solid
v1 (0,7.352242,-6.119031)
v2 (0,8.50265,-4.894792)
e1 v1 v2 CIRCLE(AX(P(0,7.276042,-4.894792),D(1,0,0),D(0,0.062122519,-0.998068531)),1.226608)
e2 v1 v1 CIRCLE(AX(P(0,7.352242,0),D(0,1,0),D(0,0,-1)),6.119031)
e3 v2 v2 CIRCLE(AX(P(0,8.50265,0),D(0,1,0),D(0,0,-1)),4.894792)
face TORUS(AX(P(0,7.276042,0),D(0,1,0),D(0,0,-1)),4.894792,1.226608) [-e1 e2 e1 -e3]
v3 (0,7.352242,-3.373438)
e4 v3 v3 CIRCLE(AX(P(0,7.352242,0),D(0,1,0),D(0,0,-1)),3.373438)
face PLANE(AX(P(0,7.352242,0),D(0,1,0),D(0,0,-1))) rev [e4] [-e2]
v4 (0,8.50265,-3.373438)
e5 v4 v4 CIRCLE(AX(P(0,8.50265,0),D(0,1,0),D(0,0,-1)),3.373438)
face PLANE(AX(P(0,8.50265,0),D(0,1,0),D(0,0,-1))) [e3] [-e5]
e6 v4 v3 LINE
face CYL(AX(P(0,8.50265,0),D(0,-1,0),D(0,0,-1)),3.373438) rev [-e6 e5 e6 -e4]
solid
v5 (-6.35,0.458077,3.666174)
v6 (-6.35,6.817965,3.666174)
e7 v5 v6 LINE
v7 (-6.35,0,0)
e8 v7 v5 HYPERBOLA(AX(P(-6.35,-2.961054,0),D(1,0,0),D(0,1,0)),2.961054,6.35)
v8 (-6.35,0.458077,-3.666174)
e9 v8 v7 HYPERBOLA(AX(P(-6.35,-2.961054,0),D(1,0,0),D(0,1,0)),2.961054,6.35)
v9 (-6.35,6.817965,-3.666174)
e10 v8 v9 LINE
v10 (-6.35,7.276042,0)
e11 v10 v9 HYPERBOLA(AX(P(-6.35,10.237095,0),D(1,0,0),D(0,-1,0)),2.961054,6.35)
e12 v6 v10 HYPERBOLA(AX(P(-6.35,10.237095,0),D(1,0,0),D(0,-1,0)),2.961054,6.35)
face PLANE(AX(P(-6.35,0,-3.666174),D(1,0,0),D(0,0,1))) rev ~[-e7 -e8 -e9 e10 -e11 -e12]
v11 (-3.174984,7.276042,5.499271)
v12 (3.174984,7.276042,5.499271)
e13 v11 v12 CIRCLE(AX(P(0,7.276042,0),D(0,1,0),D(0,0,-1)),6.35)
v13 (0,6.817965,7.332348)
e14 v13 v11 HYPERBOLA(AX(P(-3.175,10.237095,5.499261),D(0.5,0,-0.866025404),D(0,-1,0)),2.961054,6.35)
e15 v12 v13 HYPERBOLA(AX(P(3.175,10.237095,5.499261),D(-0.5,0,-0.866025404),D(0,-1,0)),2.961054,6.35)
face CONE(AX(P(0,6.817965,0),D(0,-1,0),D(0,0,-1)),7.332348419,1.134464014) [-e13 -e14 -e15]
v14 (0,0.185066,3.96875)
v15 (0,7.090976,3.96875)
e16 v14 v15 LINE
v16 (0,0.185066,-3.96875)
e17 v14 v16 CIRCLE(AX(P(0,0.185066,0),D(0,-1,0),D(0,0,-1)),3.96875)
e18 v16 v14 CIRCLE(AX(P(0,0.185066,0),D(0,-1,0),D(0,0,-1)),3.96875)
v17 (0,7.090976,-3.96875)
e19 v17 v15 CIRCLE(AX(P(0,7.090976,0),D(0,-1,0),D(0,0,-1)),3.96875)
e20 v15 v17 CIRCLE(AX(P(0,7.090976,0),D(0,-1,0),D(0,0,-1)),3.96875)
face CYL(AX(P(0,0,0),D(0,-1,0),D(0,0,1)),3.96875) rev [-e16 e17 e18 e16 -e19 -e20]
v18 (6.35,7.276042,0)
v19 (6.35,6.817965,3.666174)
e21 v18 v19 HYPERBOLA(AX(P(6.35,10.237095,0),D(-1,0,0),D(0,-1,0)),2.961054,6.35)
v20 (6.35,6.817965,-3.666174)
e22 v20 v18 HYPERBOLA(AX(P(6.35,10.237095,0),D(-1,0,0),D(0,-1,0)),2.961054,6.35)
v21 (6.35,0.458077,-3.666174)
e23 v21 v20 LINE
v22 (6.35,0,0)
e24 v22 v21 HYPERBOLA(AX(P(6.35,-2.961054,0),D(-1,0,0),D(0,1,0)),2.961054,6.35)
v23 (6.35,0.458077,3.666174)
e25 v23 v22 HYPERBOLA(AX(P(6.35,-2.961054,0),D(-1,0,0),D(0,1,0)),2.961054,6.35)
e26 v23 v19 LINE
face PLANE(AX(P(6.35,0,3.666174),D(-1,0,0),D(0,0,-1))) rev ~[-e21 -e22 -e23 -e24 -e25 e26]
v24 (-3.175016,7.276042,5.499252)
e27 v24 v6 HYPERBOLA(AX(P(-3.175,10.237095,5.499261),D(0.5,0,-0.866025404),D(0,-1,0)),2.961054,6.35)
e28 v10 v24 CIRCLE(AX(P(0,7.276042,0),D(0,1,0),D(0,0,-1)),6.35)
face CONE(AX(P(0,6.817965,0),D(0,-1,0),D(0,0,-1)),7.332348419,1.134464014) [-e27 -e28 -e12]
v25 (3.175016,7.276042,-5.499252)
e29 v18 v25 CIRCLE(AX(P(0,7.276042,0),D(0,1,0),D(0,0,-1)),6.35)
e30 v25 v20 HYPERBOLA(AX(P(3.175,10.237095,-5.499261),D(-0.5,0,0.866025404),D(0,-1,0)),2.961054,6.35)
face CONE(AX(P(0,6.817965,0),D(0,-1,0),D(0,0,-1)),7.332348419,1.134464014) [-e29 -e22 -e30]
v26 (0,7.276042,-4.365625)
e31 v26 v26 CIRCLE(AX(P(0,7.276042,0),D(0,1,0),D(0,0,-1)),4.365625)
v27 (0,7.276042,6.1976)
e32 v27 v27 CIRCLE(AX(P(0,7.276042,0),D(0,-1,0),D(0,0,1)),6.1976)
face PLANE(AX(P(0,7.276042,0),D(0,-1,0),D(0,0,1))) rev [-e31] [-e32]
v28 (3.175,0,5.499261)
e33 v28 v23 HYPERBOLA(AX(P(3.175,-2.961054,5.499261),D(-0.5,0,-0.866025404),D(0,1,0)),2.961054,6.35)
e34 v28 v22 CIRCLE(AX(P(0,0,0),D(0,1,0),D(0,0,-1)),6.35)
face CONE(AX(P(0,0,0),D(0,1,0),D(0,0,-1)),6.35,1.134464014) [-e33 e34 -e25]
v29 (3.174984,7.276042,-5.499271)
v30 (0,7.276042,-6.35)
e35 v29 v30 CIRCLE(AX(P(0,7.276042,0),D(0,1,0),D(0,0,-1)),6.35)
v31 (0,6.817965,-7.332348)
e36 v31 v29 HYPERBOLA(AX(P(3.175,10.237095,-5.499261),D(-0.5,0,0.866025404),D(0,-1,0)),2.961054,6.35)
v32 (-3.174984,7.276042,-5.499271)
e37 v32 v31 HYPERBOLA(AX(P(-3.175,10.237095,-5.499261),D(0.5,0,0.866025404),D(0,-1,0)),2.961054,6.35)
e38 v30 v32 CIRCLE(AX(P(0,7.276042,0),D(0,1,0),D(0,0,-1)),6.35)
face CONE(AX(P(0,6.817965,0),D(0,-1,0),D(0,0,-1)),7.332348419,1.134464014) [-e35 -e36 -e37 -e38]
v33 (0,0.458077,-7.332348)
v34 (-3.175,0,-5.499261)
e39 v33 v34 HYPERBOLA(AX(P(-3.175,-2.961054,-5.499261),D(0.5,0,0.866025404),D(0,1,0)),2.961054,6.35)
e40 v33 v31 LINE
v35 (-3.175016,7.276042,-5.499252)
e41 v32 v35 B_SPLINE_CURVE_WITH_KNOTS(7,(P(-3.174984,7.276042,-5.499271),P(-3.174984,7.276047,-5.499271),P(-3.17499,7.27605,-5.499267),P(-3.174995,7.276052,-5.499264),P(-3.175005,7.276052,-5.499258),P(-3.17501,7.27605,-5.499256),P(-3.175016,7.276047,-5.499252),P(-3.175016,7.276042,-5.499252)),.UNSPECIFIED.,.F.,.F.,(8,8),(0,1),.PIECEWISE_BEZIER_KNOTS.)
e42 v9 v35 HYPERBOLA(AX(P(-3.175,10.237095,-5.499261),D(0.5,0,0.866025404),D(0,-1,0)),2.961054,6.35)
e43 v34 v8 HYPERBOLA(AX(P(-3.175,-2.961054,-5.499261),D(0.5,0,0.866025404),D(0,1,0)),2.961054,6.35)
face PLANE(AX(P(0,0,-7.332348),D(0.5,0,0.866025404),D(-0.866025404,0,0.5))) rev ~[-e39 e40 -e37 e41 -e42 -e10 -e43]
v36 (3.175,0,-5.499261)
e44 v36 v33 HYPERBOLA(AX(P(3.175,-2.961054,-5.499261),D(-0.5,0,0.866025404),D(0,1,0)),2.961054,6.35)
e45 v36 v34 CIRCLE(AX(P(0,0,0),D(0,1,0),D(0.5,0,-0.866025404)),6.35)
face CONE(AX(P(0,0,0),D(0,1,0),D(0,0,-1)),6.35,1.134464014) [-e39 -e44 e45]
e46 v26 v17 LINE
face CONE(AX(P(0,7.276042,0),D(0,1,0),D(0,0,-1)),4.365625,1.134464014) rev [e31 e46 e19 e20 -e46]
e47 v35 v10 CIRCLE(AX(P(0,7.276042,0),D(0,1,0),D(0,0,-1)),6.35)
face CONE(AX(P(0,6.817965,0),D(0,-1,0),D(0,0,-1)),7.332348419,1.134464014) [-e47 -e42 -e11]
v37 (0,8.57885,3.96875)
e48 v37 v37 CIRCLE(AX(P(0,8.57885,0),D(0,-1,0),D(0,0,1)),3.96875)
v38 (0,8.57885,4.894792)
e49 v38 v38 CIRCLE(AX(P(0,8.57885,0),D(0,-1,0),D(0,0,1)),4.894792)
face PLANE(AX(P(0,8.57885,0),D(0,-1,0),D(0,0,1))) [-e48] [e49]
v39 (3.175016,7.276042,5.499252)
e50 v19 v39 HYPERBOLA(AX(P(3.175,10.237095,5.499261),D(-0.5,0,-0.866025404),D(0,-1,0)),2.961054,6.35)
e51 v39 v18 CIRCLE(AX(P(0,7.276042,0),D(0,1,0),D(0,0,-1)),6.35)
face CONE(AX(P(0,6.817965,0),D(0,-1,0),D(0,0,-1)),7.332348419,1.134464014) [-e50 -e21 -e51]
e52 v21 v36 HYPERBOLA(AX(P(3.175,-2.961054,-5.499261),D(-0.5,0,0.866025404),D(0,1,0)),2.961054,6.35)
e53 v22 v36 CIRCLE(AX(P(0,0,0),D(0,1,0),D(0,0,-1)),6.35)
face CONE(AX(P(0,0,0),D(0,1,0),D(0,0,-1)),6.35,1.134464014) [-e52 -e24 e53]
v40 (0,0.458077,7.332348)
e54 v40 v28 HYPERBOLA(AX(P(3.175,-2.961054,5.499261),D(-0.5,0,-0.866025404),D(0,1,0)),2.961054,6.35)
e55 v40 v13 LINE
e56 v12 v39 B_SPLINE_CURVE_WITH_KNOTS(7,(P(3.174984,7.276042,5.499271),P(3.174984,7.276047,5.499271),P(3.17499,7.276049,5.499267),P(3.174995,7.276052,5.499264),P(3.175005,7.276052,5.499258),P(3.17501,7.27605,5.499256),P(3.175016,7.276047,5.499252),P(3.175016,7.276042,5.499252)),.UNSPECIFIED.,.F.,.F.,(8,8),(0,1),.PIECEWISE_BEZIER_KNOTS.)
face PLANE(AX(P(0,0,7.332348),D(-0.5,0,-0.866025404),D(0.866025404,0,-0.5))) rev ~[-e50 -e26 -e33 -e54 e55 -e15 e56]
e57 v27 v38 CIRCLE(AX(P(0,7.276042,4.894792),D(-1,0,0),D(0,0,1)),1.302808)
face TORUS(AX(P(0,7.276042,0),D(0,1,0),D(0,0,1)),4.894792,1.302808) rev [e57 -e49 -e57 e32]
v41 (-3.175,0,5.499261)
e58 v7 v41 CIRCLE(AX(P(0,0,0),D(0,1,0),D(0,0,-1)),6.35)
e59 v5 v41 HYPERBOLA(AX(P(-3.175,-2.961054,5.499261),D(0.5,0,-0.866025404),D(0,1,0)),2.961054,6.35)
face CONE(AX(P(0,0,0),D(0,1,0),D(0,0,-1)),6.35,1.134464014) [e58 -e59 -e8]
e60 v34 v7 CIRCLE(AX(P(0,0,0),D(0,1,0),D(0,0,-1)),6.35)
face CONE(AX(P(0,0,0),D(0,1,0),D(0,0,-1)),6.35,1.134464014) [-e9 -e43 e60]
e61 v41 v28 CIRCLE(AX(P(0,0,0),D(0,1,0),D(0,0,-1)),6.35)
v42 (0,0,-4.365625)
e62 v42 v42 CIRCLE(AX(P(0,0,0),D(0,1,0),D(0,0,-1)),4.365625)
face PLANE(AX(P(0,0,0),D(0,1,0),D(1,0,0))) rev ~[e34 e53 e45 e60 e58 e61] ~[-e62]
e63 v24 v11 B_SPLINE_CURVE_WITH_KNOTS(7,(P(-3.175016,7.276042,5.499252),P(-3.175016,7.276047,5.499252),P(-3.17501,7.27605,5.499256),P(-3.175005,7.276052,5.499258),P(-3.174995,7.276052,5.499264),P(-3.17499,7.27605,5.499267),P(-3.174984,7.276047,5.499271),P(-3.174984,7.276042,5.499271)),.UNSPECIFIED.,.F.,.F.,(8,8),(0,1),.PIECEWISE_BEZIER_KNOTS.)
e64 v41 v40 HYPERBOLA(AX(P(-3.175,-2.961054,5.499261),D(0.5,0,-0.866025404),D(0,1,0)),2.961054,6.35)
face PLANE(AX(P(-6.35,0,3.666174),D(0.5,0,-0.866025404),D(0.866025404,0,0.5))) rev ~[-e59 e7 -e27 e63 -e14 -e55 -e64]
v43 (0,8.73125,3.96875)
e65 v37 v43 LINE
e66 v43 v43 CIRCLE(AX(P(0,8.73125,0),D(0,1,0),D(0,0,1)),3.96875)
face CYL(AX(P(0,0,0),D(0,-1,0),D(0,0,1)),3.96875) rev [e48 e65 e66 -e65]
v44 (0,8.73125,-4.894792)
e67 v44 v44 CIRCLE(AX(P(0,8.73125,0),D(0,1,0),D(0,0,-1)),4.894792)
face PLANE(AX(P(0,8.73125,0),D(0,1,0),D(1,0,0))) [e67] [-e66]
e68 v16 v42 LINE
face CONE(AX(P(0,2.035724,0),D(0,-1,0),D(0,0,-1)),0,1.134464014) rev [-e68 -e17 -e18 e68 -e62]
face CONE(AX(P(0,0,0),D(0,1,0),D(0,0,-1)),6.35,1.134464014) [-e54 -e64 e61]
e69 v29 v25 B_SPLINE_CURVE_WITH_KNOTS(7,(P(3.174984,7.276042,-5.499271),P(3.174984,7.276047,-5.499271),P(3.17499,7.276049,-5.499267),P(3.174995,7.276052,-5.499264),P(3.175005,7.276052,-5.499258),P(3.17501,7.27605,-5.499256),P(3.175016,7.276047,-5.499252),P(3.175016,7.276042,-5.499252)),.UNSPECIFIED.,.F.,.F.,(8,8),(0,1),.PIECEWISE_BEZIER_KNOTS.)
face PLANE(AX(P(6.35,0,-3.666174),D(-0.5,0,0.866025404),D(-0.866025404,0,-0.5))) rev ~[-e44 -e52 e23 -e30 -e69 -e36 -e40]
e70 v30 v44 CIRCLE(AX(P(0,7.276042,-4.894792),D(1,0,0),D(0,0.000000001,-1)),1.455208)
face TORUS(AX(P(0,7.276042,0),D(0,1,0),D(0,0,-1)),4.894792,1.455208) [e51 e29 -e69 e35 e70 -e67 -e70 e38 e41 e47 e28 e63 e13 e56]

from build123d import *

# Parameters (mm, degrees)
SKETCH13_R     = 3.96875
EXTRUDE1_DEPTH = 8.73125


with BuildPart() as part:
    # Sketch13 → Extrude1 (new body)
    with BuildSketch(Plane(origin=(0, 0, 0), x_dir=(1, 0, 0), z_dir=(0, 1, 0))):
        Polygon((0, 7.332348419), (-6.35, 3.666174209), (-6.35, -3.666174209), (0, -7.332348419), (6.35, -3.666174209), (6.35, 3.666174209), align=None)
        with Locations(Location((0, 0, 0), (0, 0, 270))):
            Circle(SKETCH13_R, mode=Mode.SUBTRACT)
    extrude(amount=EXTRUDE1_DEPTH)

    # Sketch5 → Cut-Revolve3 (revolve, cut)
    with BuildSketch(Plane(origin=(0, 0, 0), x_dir=(0, 0, -1), z_dir=(1, 0, 0))):
        with BuildLine():
            Line((0, 0), (6.35, 0))
            Line((6.35, 0), (7.332348419, 0.458076591))
            Line((7.332348419, 0.458076591), (7.332348419, 6.817965076))
            Line((7.332348419, 6.817965076), (6.35, 7.276041667))
            ThreePointArc((6.35, 7.276041667), (5.923779347, 8.305029347), (4.894791667, 8.73125))
            Line((4.894791667, 8.73125), (4.894791667, 10.00125))
            Line((4.894791667, 10.00125), (8.602348419, 10.00125))
            Line((8.602348419, 10.00125), (8.602348419, -1.27))
            Line((8.602348419, -1.27), (0, -1.27))
            Line((0, -1.27), (0, 0))
        make_face()
    revolve(axis=Axis((0, 0, 0), (0, 1, 0)), mode=Mode.SUBTRACT)

    # Sketch6 → Cut-Revolve4 (revolve, cut)
    with BuildSketch(Plane(origin=(0, 0, 0), x_dir=(0, 0, -1), z_dir=(1, 0, 0)), mode=Mode.PRIVATE) as cut_revolve4_sk:
        with BuildLine():
            Line((0, 7.276041667), (6.1976, 7.276041667))
            ThreePointArc((6.1976, 7.276041667), (5.816016274, 8.197266274), (4.894791667, 8.57885))
            Line((4.894791667, 8.57885), (2.447395833, 8.57885))
            Line((2.447395833, 8.57885), (2.447395833, 10.00125))
            Line((2.447395833, 10.00125), (0, 10.00125))
            Line((0, 10.00125), (0, 7.276041667))
        make_face()
    revolve(cut_revolve4_sk.sketch.rotate(Axis((0, 10.00125, 0), (0, -1, 0)), 180), axis=Axis((0, 10.00125, 0), (0, -1, 0)), mode=Mode.SUBTRACT)

    # Sketch4 → Cut-Revolve2 (revolve, cut)
    with BuildSketch(Plane(origin=(0, 0, 0), x_dir=(0, 0, -1), z_dir=(1, 0, 0))):
        Polygon((0, 7.276041667), (4.365625, 7.276041667), (0, 5.240317297), align=None)
        Polygon((0, 2.03572437), (4.365625, 0), (0, 0), align=None)
    revolve(axis=Axis((0, 0, 0), (0, 1, 0)), mode=Mode.SUBTRACT)


with BuildPart() as body_2:
    # Sketch7 → Revolve2 (revolve)
    with BuildSketch(Plane(origin=(0, 0, 0), x_dir=(0, 0, -1), z_dir=(1, 0, 0))):
        with BuildLine():
            Line((3.3734375, 7.352241667), (6.119030844, 7.352241667))
            ThreePointArc((6.119030844, 7.352241667), (5.734762038, 8.169919611), (4.894791667, 8.50265))
            Line((4.894791667, 8.50265), (3.3734375, 8.50265))
            Line((3.3734375, 8.50265), (3.3734375, 7.352241667))
        make_face()
    revolve(axis=Axis((0, 7.352241667, 0), (0, 1, 0)))


solid = Compound([part.part, body_2.part])
